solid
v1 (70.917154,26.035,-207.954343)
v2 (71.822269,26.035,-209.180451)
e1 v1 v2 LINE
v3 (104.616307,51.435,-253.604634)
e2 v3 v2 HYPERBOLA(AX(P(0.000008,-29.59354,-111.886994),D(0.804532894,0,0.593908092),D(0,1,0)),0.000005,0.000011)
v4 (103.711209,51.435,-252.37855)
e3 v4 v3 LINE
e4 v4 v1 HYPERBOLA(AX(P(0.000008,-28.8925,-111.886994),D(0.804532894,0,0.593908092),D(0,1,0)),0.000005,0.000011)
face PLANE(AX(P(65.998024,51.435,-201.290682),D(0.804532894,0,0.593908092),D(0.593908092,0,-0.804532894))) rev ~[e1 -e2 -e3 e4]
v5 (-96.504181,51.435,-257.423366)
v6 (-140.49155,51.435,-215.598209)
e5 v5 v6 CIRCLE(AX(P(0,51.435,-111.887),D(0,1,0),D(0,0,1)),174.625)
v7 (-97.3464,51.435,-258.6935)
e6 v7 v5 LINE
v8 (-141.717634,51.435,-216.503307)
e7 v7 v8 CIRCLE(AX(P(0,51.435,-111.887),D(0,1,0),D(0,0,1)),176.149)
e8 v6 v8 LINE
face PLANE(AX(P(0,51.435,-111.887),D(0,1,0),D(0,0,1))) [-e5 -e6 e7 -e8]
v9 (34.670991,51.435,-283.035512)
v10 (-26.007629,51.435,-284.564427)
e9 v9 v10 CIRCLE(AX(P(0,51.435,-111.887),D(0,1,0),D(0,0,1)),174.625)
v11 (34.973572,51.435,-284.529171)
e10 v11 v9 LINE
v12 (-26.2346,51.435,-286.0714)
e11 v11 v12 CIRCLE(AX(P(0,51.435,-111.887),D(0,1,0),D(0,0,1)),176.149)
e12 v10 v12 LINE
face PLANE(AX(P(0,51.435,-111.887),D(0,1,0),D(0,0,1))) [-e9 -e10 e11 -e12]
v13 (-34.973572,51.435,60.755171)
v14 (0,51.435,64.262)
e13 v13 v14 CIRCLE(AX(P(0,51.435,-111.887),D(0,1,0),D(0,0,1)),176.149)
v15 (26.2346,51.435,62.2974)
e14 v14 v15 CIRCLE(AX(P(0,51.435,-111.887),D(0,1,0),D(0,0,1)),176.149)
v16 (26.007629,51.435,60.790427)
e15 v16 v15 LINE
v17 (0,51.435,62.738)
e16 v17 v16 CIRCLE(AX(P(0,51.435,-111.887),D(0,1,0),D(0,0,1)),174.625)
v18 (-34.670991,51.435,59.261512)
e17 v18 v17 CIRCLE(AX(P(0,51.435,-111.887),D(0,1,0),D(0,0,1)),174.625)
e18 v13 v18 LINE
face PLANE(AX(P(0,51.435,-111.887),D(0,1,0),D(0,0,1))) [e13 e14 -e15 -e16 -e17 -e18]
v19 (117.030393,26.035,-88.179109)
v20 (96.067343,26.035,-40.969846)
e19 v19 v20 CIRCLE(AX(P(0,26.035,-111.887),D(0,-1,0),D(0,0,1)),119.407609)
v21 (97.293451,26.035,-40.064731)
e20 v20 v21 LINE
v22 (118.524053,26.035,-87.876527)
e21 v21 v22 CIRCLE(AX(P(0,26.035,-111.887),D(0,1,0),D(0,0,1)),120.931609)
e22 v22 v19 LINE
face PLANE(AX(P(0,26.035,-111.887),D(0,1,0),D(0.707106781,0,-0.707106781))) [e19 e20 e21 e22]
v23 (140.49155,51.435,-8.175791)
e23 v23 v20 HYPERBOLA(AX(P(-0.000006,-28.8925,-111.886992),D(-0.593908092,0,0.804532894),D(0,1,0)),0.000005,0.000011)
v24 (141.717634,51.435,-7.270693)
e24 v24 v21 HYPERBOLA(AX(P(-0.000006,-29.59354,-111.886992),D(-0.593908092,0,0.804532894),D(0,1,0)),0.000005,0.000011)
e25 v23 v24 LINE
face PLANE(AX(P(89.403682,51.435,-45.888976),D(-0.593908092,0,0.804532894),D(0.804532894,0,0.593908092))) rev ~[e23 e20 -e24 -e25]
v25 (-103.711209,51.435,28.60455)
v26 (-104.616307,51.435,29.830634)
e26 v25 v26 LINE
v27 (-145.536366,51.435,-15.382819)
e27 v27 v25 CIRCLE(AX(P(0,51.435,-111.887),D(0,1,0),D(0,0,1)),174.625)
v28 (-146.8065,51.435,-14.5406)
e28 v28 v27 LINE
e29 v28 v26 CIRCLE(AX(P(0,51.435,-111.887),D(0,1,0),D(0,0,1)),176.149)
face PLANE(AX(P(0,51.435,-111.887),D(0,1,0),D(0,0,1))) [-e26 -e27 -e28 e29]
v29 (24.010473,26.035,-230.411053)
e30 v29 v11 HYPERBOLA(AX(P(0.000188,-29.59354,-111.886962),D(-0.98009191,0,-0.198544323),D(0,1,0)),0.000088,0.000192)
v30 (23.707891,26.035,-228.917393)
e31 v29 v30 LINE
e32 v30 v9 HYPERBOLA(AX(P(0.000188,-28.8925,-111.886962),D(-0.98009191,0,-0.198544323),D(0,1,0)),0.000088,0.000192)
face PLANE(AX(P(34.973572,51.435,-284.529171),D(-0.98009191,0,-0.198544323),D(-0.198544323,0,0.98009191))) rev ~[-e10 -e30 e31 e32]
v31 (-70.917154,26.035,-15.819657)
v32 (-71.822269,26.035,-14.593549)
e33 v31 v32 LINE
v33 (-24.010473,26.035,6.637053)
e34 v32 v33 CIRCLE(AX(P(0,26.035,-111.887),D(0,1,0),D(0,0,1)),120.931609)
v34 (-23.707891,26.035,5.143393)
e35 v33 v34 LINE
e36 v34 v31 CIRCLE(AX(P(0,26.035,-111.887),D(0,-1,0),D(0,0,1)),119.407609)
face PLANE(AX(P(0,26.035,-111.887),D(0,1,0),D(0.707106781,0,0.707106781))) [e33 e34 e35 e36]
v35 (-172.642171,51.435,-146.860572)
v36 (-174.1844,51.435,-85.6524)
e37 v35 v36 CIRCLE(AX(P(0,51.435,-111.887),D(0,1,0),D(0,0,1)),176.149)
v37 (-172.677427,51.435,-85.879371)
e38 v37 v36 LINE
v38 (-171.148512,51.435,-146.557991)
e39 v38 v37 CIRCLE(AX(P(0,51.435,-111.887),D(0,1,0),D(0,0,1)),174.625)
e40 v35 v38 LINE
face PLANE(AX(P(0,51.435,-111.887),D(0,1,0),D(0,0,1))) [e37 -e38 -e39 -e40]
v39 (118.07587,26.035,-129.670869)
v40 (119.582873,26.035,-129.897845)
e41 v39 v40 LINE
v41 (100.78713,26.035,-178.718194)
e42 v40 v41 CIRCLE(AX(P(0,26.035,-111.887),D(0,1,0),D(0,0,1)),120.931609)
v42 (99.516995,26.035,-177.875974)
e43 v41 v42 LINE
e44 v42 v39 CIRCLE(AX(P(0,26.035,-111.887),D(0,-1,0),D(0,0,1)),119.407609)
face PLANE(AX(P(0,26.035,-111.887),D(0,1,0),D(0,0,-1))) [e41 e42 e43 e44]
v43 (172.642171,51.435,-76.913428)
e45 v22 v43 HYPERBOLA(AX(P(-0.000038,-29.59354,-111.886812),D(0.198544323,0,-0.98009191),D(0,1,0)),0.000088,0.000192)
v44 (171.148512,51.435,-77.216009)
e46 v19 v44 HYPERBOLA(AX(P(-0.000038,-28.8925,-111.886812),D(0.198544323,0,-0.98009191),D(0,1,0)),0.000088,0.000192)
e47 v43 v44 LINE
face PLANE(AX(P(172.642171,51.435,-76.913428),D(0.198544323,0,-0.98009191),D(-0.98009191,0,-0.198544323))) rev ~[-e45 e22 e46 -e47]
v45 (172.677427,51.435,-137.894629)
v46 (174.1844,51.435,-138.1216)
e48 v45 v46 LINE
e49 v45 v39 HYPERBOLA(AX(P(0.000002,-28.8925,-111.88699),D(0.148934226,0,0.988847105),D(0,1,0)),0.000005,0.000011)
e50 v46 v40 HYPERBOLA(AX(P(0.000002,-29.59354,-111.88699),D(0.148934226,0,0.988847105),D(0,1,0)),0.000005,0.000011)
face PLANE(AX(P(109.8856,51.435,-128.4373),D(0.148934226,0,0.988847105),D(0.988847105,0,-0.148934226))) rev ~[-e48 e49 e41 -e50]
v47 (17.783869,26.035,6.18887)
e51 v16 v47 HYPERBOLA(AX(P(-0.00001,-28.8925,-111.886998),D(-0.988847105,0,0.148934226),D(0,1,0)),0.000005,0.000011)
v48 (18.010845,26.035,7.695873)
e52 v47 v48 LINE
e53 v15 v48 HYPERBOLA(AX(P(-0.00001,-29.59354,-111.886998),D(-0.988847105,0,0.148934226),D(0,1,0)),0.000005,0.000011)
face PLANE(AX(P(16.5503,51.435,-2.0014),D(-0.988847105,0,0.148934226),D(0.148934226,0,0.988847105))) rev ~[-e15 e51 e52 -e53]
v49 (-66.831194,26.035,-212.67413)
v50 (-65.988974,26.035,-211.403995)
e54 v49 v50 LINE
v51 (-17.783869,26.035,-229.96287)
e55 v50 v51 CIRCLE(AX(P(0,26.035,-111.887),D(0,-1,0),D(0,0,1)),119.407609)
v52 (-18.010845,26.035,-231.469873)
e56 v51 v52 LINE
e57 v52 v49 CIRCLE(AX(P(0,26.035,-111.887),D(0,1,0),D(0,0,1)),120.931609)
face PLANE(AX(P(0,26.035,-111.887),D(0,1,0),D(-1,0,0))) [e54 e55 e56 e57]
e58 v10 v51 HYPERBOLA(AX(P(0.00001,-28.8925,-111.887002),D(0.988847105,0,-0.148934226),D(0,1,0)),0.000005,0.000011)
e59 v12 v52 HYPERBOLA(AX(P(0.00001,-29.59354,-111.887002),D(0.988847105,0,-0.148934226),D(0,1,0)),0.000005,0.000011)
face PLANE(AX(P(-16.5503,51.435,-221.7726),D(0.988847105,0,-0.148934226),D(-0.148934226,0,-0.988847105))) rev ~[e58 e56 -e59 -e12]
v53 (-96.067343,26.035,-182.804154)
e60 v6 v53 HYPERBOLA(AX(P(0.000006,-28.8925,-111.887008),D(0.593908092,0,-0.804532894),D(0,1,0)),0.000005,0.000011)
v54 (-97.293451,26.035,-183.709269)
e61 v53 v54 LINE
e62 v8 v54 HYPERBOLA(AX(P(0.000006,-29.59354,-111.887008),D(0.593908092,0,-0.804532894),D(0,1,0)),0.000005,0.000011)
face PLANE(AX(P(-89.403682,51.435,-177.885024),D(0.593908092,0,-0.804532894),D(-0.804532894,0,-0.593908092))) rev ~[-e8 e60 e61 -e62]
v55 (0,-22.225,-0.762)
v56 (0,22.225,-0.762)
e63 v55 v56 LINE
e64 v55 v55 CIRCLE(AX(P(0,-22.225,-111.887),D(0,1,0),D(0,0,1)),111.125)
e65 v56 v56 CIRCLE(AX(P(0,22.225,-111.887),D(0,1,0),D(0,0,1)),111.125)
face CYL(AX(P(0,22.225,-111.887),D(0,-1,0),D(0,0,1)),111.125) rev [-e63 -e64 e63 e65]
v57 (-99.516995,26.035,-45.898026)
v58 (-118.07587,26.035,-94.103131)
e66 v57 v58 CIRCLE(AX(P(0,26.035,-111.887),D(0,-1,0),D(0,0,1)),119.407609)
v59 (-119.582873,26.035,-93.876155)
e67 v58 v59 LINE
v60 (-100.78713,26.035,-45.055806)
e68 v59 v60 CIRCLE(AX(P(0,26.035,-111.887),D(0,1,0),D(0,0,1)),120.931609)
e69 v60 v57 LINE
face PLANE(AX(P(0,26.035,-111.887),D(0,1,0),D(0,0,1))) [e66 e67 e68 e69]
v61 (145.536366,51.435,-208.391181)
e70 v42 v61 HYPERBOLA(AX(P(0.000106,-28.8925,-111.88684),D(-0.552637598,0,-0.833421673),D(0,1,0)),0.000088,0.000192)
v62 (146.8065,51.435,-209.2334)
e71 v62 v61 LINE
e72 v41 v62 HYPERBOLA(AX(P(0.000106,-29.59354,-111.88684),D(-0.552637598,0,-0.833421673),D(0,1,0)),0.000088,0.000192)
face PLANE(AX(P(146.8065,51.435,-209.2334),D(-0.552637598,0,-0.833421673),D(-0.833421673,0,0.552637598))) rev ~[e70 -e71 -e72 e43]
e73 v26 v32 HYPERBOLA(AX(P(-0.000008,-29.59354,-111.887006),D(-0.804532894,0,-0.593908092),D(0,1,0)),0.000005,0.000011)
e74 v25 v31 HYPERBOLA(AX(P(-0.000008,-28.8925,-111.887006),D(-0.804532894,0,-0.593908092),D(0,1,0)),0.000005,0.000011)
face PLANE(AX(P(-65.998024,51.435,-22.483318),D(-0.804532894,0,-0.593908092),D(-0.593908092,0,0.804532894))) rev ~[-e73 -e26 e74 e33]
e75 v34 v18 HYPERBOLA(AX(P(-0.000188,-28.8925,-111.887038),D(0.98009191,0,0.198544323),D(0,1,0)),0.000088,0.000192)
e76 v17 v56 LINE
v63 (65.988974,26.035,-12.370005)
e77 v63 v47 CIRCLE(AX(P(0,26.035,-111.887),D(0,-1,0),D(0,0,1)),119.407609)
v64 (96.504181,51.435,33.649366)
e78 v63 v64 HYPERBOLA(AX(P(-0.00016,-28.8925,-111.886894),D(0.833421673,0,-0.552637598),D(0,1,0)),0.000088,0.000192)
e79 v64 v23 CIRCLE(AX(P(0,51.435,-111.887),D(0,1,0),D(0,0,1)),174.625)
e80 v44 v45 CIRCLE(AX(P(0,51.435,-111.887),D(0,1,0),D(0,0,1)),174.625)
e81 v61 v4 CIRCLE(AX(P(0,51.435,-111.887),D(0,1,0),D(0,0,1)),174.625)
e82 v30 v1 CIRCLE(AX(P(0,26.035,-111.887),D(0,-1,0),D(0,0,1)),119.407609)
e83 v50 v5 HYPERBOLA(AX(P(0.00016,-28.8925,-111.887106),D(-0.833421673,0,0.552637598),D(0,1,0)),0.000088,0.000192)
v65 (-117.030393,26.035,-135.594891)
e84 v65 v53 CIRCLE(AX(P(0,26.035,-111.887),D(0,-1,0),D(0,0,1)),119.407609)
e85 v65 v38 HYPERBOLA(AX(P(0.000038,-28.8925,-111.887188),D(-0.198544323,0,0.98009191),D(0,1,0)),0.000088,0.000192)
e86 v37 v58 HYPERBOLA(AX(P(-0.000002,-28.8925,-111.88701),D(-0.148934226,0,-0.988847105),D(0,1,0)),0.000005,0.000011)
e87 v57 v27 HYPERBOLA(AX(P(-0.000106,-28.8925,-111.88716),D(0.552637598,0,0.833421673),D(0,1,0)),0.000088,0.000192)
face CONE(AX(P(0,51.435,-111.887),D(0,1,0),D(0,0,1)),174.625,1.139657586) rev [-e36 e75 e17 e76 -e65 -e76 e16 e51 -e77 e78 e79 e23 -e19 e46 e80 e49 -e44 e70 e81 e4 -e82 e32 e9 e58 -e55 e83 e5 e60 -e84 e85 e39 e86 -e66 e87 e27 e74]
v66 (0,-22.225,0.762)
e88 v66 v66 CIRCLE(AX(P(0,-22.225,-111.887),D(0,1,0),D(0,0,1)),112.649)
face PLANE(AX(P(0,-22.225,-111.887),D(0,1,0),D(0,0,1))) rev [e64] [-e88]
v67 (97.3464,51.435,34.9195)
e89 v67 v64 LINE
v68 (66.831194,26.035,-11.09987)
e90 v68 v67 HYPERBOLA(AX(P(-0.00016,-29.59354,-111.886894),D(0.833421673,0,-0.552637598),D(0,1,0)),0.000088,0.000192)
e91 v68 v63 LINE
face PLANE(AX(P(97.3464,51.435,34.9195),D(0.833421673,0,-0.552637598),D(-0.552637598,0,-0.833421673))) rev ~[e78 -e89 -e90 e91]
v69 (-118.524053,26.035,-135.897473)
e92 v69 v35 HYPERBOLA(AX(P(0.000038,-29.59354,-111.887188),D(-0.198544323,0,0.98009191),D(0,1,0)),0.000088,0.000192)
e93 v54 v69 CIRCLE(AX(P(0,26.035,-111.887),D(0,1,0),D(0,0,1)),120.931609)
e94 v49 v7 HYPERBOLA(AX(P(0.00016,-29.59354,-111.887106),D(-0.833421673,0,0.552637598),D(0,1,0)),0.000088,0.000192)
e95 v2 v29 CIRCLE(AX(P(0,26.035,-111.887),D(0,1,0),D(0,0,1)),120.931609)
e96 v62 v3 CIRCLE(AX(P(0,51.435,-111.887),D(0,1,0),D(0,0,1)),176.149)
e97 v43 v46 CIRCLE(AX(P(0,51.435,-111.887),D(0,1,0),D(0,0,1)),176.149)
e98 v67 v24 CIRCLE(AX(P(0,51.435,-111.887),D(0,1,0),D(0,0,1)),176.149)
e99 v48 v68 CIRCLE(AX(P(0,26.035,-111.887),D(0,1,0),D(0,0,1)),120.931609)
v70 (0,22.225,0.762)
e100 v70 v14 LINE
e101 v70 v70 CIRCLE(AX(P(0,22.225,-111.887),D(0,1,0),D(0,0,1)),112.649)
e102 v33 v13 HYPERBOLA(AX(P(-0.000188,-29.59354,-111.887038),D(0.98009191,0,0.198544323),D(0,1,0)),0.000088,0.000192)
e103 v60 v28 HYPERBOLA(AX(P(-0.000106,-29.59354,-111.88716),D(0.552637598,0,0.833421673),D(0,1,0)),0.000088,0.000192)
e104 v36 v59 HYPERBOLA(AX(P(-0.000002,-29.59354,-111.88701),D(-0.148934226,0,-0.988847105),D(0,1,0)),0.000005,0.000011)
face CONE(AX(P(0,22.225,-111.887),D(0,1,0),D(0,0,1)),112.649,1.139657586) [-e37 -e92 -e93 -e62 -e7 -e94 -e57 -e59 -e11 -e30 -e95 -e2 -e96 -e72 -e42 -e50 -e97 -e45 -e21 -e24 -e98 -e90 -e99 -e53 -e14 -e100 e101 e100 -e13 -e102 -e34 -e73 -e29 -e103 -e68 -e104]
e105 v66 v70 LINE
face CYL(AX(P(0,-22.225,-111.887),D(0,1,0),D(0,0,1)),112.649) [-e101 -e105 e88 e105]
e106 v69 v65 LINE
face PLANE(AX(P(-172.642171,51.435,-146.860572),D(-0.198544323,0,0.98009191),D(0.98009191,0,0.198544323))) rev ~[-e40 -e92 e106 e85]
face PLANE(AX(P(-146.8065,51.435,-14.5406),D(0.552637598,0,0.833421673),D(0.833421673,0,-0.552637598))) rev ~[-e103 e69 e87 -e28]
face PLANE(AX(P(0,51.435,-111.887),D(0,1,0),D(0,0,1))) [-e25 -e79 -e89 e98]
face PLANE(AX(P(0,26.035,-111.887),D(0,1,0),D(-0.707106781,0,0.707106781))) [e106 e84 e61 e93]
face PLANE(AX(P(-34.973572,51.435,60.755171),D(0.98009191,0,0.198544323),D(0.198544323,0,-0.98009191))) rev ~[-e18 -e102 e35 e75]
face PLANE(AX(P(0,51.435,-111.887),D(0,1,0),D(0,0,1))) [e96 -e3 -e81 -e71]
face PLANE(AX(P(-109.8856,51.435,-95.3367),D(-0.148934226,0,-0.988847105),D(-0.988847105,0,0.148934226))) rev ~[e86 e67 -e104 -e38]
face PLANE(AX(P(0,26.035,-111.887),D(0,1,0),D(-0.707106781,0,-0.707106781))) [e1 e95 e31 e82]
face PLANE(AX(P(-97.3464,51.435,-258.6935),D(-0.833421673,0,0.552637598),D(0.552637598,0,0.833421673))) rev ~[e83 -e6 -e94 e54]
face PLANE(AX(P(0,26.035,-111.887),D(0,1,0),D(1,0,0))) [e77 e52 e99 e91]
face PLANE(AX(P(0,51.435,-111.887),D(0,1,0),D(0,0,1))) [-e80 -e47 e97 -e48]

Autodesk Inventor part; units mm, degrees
ref_plane "YZ Plane" through (0, 0, 0) normal (1, 0, 0) x (0, 1, 0)
ref_plane "XZ Plane" through (0, 0, 0) normal (0, 1, 0) x (-1, 0, 0)
ref_plane "XY Plane" through (0, 0, 0) normal (0, 0, 1) x (1, 0, 0)
sketch "Sketch1" plane through (0, 0, 0) normal (1, 0, 0) x (0, 1, 0)
  line L0 (-22.225, 0.762) -> (22.225, 0.762)
  line L1 (22.225, -0.762) -> (-22.225, -0.762)
  line L2 (-22.225, -0.762) -> (-22.225, 0.762)
  line L3 (-22.225, 0.762) -> (22.225, -0.762) construction
  line L4 (22.225, 0.762) -> (-22.225, -0.762) construction
  line L5 (22.225, 0.762) -> (51.435, 64.262)
  line L6 (51.435, 64.262) -> (51.435, 62.738)
  line L7 (51.435, 62.738) -> (22.225, -0.762)
  line L8 (0, -0.762) -> (0, -111.887)
  line L9 (0, -111.887) -> (16.3991, -111.887)
  point P0 (0, 0)
  dimension "d1" = 44.45
  dimension "d2" = 63.5
  dimension "d5" = 1.524
  dimension "d6" = 111.125
  dimension "d8" = 29.21
  dimension "d9" = 1.524
revolve "Revolution1" add sketch "Sketch1" angle 360 about axis through (0, 0, -111.887) along (0, 1, 0)
sketch "Sketch2" plane through (0, 51.435, -111.887) normal (0, 1, 0) x (1, 0, 0)
  circle A0 centre (0, 0) radius 111.125 projected
  circle A1 centre (0, 0) radius 176.149 projected
  line L0 (26.2346, -174.1844) -> (-24.5654, -174.1844) construction
  arc A2 (26.2346, -174.1844) -> (97.3464, -146.8065) centre (0, 0) ccw
  line L1 (0, 0) -> (26.2346, -174.1844) construction
  line L2 (0, 0) -> (97.3464, -146.8065) construction
  arc A3 (16.5503, -109.8856) -> (61.4117, -92.6141) centre (0, 0) ccw
  line L3 (16.5503, -109.8856) -> (26.2346, -174.1844)
  line L4 (97.3464, -146.8065) -> (61.4117, -92.6141)
  dimension "d19" = 50.8
  dimension "d20" = 76.2
extrude "Extrusion2" cut sketch "Sketch2" against normal blind 25.4 contours A0 L4 A1 L3 picked at (28.0302, -151.7692)
pattern_circular "Circular Pattern2" count 8 over 360 about axis through (0, 36.83, -111.887) along (0, 1, 0) of "Extrusion2"
properties part number "rubber_sleeve" material "Rubber"
